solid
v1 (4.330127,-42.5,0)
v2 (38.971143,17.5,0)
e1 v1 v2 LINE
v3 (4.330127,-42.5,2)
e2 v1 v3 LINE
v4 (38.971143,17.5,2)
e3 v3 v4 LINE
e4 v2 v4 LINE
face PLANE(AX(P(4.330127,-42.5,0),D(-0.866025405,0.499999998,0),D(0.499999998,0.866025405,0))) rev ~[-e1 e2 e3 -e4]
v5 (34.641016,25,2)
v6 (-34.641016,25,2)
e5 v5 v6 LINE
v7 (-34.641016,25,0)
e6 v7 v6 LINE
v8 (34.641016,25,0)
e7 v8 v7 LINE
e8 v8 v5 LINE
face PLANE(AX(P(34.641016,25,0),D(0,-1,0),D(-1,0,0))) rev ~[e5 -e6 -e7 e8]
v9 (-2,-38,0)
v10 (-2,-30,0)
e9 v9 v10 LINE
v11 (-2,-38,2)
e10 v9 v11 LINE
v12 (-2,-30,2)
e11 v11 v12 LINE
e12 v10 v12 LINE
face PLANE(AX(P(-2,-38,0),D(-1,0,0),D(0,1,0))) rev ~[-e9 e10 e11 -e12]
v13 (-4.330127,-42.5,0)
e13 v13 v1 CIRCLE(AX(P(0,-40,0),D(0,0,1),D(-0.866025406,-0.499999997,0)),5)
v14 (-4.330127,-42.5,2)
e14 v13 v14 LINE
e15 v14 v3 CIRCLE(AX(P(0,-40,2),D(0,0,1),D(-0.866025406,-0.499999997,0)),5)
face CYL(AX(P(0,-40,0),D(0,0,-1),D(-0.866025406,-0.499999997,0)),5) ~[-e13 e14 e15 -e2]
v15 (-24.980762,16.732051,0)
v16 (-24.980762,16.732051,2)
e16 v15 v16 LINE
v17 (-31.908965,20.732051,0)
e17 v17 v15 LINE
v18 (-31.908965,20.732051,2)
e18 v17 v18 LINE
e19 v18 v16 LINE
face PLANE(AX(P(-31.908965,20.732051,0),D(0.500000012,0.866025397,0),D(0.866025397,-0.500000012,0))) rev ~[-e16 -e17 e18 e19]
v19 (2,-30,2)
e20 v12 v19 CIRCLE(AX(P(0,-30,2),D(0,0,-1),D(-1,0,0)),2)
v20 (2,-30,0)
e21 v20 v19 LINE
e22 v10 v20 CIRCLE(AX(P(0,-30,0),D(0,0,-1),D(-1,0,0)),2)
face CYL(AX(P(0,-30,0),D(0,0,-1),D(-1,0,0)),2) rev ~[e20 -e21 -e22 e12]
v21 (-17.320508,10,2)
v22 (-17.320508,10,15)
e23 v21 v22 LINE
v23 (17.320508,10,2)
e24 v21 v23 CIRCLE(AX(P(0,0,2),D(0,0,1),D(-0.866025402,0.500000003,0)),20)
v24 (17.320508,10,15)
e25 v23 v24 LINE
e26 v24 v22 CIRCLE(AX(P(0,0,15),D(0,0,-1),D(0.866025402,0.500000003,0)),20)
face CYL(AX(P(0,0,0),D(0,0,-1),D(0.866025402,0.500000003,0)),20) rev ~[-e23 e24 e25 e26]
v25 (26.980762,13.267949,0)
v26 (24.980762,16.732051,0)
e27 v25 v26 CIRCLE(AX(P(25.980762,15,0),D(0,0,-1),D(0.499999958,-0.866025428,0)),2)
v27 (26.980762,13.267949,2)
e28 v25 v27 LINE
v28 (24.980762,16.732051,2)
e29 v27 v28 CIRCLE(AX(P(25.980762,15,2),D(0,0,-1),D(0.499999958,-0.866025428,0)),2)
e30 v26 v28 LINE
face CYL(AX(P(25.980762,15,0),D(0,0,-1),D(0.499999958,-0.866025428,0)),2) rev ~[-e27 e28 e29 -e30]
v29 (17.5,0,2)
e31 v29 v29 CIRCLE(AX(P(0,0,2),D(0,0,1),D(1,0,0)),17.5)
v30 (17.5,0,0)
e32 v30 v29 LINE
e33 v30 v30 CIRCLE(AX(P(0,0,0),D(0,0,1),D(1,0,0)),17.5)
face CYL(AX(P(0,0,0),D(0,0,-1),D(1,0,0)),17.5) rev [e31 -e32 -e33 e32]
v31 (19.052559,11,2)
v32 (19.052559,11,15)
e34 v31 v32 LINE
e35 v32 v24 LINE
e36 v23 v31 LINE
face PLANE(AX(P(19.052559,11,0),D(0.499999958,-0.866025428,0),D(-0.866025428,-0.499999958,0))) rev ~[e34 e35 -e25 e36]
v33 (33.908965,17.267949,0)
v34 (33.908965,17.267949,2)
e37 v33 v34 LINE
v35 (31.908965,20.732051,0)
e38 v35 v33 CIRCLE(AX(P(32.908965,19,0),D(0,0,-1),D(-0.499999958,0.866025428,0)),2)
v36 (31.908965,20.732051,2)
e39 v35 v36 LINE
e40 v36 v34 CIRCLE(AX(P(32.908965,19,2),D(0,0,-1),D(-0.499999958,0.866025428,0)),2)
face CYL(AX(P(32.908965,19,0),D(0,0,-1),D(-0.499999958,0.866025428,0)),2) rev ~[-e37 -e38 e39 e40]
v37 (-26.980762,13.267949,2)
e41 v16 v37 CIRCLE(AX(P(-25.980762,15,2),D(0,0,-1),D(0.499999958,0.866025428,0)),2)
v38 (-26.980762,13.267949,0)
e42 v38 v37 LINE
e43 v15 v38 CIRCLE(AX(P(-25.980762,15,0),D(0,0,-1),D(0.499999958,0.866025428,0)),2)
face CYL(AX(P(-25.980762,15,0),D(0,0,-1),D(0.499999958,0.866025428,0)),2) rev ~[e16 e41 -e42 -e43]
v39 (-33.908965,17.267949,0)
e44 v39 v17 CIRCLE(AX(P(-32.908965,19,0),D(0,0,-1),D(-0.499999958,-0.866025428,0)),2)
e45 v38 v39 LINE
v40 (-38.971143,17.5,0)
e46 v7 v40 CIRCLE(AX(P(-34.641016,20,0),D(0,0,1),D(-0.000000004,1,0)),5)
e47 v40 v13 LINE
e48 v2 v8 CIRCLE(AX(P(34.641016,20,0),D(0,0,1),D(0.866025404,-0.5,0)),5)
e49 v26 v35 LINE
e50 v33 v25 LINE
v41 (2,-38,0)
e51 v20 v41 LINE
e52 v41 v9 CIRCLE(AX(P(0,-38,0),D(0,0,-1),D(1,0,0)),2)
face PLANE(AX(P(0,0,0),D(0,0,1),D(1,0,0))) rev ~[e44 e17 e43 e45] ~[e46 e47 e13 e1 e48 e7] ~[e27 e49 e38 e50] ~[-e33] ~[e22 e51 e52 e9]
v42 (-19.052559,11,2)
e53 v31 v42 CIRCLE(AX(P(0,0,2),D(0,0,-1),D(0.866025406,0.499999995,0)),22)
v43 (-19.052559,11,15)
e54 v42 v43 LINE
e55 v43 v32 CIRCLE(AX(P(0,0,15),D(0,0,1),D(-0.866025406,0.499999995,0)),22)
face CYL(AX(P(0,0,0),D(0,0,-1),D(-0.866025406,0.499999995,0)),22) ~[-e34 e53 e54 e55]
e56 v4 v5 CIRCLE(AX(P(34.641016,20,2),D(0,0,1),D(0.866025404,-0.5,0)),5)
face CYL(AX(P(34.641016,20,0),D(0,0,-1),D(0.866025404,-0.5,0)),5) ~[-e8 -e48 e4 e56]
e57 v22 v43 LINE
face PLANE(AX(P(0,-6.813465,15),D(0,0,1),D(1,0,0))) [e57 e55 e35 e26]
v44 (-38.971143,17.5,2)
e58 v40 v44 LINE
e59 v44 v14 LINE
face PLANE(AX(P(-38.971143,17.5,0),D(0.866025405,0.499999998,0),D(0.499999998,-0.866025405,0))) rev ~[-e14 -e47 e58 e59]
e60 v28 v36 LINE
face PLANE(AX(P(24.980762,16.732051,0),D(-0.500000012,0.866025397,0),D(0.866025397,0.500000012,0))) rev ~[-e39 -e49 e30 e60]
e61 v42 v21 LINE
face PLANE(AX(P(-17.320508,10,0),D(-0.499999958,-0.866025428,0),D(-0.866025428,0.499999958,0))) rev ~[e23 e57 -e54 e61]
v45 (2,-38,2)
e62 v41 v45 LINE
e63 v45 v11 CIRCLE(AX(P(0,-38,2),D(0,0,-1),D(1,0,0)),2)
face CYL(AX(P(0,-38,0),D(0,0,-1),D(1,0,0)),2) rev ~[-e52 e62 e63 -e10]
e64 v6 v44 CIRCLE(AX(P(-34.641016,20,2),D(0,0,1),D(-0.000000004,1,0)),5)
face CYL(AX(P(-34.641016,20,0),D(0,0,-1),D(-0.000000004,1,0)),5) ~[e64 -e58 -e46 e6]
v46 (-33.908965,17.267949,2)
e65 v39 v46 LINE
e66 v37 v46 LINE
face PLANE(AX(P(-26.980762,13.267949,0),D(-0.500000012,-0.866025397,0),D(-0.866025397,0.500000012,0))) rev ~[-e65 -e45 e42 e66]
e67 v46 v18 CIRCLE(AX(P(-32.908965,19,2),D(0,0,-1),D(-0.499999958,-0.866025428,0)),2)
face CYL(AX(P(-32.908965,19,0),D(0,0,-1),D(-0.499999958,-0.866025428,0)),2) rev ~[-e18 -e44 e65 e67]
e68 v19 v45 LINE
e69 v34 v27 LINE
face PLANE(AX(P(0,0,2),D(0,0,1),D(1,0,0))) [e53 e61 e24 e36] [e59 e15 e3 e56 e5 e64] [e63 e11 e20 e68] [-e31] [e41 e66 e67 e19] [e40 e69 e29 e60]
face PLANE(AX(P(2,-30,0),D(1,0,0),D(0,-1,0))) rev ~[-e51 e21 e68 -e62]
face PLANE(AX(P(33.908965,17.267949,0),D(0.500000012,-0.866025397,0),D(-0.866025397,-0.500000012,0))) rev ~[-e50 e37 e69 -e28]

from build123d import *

# Parameters (mm, degrees)
F0_R     = 17.5
F1_DEPTH = 2
F2_DEPTH = 15


with BuildPart() as f1:
    # F0 (on Top) → F1 (new body)
    with BuildSketch(Plane.XY):
        with BuildLine():
            Line((34.641016, 25), (-34.641016, 25))
            ThreePointArc((-34.641016, 25), (-38.971143, 22.5), (-38.971143, 17.5))
            Line((-38.971143, 17.5), (-4.330127, -42.5))
            ThreePointArc((-4.330127, -42.5), (0, -45), (4.330127, -42.5))
            Line((4.330127, -42.5), (38.971143, 17.5))
            ThreePointArc((38.971143, 17.5), (38.971143, 22.5), (34.641016, 25))
        make_face()
        with BuildLine():
            ThreePointArc((2, -38), (0, -40), (-2, -38))
            Line((-2, -38), (-2, -30))
            ThreePointArc((-2, -30), (0, -28), (2, -30))
            Line((2, -30), (2, -38))
        make_face(mode=Mode.SUBTRACT)
        with BuildLine():
            ThreePointArc((-33.908965, 17.267949), (-34.641016, 20), (-31.908965, 20.732051))
            Line((-31.908965, 20.732051), (-24.980762, 16.732051))
            ThreePointArc((-24.980762, 16.732051), (-24.248711, 14), (-26.980762, 13.267949))
            Line((-26.980762, 13.267949), (-33.908965, 17.267949))
        make_face(mode=Mode.SUBTRACT)
        with BuildLine():
            Line((-19.052559, 11), (-17.320508, 10))
            ThreePointArc((-17.320508, 10), (0, -20), (17.320508, 10))
            Line((17.320508, 10), (19.052559, 11))
            ThreePointArc((19.052559, 11), (0, -22), (-19.052559, 11))
        make_face(mode=Mode.SUBTRACT)
        Circle(F0_R, mode=Mode.SUBTRACT)
        with BuildLine():
            ThreePointArc((31.908965, 20.732051), (34.641016, 20), (33.908965, 17.267949))
            Line((33.908965, 17.267949), (26.980762, 13.267949))
            ThreePointArc((26.980762, 13.267949), (24.248711, 14), (24.980762, 16.732051))
            Line((24.980762, 16.732051), (31.908965, 20.732051))
        make_face(mode=Mode.SUBTRACT)
    extrude(amount=F1_DEPTH)

    # F0 (on Top) → F2 (join)
    with BuildSketch(Plane.XY):
        with BuildLine():
            ThreePointArc((17.320508, 10), (0, -20), (-17.320508, 10))
            Line((-17.320508, 10), (-19.052559, 11))
            ThreePointArc((-19.052559, 11), (0, -22), (19.052559, 11))
            Line((19.052559, 11), (17.320508, 10))
        make_face()
    extrude(amount=F2_DEPTH)


solid = f1.part
